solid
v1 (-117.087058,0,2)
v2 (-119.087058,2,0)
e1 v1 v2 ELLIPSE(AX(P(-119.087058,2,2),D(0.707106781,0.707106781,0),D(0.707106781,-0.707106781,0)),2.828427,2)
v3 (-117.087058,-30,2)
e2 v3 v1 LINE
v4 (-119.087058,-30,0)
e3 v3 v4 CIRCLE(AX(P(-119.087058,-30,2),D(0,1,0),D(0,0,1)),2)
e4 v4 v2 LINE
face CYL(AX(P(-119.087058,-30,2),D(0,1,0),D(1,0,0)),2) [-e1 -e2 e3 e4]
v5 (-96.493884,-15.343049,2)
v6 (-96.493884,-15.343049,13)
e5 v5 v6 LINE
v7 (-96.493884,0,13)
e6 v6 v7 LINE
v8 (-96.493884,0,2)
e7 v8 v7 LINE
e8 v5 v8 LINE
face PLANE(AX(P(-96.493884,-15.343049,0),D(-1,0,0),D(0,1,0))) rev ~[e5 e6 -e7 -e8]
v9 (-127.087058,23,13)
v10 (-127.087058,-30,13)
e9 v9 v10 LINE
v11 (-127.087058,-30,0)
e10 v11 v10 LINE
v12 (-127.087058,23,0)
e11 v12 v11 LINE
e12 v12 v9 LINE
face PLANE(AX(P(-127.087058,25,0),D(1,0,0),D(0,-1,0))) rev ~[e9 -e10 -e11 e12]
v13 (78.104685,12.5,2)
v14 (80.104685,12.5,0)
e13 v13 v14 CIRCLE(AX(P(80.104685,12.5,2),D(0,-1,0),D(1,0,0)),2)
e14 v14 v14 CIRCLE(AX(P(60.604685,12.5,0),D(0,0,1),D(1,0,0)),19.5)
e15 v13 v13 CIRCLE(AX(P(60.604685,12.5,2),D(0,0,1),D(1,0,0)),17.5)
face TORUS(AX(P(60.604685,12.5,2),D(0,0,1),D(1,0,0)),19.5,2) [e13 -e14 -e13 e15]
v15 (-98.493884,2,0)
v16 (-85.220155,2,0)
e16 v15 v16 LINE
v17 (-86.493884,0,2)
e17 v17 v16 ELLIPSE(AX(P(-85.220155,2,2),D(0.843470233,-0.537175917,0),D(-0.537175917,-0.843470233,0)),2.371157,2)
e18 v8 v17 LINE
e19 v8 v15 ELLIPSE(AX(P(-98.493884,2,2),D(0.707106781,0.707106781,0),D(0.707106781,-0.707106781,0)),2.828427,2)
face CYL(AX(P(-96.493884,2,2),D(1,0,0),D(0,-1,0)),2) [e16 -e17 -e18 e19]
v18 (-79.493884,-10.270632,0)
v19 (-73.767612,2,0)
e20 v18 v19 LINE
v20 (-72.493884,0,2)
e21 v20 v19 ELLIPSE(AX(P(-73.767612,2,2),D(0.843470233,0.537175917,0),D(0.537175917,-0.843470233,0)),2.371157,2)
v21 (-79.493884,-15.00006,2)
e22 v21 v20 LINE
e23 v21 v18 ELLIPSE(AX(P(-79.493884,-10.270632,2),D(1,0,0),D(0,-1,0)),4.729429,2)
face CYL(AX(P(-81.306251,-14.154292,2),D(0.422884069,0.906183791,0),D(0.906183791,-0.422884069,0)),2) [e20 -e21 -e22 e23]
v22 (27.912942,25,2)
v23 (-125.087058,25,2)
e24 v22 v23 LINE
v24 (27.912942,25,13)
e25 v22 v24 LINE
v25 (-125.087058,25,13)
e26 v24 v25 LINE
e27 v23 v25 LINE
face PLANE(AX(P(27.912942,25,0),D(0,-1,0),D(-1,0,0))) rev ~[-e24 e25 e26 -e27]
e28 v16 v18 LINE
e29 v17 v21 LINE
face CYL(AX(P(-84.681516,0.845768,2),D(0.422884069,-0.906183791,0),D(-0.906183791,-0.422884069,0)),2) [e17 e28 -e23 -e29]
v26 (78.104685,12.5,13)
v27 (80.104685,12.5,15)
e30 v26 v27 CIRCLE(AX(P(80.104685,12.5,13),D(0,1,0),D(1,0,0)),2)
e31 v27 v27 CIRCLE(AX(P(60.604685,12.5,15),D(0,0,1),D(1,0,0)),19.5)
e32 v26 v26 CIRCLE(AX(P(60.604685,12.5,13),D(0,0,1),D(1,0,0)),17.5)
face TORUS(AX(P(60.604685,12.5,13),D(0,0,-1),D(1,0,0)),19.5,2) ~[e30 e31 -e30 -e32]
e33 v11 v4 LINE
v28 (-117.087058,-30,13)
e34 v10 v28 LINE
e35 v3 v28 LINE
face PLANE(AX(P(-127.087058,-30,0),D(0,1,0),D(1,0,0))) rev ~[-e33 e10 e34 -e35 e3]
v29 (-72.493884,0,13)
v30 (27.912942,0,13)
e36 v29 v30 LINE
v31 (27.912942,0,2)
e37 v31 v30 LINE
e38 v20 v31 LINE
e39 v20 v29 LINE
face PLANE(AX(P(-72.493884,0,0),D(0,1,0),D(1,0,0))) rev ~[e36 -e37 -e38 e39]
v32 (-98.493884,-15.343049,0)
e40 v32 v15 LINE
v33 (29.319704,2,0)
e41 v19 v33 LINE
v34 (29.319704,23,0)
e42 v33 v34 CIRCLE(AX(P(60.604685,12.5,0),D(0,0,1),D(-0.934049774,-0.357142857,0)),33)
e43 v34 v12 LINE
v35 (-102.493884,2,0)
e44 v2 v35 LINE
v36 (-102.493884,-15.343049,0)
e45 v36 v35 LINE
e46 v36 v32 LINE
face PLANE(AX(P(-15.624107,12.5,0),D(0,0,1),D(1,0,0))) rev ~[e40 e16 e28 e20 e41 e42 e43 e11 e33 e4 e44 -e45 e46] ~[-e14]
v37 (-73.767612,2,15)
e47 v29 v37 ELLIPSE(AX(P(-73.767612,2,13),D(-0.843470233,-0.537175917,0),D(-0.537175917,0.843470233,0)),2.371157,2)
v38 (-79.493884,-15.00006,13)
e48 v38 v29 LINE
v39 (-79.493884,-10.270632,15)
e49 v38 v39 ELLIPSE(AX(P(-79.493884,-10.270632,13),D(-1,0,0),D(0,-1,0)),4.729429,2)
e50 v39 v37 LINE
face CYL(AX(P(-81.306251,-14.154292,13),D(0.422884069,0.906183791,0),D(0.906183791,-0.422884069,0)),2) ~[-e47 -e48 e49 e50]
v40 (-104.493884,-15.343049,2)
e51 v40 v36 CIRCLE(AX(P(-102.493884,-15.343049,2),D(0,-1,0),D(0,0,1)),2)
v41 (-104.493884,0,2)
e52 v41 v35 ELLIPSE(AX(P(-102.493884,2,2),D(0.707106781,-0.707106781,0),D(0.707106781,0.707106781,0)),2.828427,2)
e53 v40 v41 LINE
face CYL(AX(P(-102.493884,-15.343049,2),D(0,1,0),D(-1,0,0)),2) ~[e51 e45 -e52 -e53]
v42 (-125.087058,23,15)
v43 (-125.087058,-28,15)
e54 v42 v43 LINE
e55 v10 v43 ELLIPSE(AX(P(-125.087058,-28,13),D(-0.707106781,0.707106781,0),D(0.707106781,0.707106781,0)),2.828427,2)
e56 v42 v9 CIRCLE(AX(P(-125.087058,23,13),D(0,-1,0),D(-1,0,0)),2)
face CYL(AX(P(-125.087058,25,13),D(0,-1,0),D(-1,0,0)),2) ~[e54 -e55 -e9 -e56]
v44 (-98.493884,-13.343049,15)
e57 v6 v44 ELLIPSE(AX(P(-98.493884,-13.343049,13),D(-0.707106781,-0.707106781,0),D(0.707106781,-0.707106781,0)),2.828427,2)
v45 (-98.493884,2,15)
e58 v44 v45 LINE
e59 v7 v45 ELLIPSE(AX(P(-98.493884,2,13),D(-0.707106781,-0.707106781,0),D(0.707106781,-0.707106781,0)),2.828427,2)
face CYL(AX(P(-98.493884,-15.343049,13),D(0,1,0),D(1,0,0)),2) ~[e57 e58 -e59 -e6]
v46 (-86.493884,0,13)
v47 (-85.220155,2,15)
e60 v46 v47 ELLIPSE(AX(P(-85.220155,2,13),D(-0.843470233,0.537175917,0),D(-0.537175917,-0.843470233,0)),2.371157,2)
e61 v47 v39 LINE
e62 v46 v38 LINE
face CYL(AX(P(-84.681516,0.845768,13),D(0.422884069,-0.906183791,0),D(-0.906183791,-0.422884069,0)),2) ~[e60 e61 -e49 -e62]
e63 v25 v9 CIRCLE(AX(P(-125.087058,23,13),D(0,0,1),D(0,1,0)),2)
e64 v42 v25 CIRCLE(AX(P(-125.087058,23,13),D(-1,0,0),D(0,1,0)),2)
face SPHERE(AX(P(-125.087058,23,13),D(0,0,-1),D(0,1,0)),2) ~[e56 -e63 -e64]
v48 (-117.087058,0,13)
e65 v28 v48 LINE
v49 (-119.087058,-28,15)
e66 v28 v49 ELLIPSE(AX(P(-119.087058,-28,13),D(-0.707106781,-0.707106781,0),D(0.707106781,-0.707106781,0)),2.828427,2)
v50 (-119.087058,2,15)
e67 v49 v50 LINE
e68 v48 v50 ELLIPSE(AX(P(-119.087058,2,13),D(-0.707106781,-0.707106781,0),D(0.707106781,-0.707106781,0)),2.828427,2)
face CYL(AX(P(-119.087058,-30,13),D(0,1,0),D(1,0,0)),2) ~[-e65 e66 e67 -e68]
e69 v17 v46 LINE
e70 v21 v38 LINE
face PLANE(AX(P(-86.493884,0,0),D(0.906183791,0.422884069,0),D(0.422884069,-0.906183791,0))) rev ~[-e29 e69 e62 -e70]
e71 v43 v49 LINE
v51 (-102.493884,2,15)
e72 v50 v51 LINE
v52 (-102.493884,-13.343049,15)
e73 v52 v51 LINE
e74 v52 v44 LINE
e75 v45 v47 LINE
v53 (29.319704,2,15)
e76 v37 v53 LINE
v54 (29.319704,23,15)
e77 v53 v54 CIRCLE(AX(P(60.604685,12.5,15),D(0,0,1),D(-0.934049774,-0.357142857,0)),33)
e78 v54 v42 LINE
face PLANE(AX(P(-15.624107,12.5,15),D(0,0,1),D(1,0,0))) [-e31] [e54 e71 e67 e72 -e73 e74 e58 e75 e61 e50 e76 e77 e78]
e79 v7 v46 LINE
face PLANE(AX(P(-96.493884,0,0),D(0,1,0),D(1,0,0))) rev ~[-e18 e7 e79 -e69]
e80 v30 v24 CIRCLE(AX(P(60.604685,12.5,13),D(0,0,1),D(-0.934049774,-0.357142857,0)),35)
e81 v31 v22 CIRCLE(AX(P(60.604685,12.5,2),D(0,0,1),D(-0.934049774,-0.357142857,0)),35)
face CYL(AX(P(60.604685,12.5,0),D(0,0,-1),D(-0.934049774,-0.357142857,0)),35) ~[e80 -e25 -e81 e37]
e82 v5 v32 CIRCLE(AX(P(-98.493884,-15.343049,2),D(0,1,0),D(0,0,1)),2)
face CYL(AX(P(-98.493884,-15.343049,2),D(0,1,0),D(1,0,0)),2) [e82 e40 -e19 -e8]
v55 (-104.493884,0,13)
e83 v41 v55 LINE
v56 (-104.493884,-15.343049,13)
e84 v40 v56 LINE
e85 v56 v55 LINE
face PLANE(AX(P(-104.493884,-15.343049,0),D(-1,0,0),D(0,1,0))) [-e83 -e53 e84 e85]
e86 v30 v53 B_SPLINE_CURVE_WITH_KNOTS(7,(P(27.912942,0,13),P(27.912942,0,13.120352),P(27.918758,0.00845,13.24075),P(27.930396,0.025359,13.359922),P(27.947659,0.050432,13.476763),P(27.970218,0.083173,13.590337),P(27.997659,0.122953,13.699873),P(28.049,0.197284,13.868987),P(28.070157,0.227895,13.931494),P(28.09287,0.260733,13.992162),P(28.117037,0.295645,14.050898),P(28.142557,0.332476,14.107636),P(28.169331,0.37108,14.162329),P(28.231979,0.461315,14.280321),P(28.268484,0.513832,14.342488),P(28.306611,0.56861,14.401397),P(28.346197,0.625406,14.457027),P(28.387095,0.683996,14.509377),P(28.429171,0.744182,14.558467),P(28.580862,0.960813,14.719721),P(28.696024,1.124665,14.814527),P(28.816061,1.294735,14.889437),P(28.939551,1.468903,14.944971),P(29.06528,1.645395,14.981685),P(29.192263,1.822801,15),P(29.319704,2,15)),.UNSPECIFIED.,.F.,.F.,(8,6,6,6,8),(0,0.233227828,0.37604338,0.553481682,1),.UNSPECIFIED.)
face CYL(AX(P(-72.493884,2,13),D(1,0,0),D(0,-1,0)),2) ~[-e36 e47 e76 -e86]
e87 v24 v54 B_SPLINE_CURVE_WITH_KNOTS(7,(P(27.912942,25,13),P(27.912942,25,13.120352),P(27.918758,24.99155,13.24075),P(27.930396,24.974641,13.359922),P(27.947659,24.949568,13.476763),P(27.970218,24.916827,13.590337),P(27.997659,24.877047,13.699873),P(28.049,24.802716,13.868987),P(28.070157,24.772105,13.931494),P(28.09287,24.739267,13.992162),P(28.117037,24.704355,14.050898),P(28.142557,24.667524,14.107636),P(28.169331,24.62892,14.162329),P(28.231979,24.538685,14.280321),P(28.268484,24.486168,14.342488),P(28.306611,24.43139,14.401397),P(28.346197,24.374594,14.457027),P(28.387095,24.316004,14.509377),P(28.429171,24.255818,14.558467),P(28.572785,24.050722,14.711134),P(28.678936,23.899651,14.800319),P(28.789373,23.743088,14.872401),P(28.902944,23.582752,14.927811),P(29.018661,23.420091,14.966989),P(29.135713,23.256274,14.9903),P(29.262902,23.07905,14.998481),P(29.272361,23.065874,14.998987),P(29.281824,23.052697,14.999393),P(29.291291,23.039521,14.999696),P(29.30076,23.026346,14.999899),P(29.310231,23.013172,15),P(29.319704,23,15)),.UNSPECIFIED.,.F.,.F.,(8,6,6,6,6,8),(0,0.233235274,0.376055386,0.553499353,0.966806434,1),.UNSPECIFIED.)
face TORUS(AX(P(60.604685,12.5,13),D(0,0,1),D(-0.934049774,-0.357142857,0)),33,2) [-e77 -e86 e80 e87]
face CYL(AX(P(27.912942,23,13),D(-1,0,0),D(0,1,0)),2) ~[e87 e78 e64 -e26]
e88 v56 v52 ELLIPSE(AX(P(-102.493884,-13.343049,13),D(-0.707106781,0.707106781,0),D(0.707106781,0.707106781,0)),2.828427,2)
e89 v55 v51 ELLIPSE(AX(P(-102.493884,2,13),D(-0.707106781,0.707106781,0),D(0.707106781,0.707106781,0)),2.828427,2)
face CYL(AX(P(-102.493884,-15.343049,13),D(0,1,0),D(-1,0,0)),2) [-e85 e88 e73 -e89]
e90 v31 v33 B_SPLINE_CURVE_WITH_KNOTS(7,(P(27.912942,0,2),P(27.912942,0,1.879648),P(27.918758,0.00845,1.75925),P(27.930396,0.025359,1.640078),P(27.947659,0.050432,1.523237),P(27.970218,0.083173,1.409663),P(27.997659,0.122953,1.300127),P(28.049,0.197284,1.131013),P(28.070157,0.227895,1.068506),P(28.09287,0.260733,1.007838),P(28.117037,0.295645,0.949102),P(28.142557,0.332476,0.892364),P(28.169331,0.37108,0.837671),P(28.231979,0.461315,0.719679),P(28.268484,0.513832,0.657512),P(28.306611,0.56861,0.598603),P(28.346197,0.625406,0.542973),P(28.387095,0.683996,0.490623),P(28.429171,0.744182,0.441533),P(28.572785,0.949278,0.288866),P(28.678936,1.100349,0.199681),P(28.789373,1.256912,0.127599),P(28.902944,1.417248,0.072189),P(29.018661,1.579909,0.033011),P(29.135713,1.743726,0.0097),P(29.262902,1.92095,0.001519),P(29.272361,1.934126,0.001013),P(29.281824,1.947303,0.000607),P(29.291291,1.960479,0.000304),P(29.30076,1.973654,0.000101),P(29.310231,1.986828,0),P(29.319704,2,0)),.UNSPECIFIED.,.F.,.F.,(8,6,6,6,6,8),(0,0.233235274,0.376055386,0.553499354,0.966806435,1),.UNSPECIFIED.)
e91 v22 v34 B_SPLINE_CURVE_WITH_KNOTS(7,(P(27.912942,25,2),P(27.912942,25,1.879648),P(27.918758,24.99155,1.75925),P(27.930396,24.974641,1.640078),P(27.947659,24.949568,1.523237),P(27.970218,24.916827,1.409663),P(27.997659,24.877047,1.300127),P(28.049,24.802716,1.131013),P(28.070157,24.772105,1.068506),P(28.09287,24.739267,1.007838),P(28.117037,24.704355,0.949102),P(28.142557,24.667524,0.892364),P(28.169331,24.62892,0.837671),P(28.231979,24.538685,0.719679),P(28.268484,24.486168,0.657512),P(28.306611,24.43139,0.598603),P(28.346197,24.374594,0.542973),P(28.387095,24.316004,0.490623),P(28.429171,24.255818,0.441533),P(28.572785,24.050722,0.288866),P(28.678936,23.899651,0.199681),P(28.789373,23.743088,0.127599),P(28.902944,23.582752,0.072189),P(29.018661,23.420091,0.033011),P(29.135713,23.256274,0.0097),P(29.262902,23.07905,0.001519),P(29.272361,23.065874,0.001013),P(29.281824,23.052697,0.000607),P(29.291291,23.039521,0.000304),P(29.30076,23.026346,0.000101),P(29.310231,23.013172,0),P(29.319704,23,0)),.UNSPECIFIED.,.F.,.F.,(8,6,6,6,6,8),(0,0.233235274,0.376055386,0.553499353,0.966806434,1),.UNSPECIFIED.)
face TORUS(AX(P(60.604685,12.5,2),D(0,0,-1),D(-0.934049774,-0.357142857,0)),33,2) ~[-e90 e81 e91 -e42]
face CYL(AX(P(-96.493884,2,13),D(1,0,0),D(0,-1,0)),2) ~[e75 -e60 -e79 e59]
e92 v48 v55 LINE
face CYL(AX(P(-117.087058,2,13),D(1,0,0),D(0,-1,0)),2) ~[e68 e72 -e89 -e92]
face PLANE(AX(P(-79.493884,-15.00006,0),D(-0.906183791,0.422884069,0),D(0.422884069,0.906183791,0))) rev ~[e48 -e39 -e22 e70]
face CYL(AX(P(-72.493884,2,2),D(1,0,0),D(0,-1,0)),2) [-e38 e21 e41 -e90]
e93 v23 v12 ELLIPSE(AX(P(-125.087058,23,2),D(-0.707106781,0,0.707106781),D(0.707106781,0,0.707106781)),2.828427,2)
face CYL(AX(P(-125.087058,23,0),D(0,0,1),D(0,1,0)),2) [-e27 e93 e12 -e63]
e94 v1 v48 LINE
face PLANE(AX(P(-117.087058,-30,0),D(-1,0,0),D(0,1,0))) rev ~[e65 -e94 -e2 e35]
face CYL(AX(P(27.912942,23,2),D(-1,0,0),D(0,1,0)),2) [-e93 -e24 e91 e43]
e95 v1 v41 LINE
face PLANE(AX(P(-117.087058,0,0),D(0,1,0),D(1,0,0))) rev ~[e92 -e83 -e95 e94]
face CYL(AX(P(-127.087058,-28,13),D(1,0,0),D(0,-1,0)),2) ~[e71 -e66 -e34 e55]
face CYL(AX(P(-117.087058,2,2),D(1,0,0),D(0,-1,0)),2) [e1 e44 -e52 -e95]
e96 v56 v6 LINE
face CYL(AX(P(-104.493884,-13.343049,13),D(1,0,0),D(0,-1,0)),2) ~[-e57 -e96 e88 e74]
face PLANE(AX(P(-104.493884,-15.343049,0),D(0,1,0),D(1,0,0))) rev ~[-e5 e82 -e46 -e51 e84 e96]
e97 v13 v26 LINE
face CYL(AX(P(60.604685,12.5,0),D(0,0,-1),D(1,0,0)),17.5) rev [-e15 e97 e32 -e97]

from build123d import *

# Parameters (mm, degrees)
F0_R     = 17.5
F0_W     = 8
F0_H     = 15.3430486098
F0_W_2   = 10
F0_H_2   = 30
F1_DEPTH = 15
F2_R     = 2


with BuildPart() as f1:
    # F0 (on Top) → F1 (new body)
    with BuildSketch(Plane.XY):
        with BuildLine():
            ThreePointArc((27.9129424838, 0), (95.6046845604, 12.5), (27.9129424838, 25))
            Line((27.9129424838, 25), (-127.0870575162, 25))
            Line((-127.0870575162, 25), (-127.0870575162, 0))
            Line((-127.0870575162, 0), (-117.0870575162, 0))
            Line((-117.0870575162, 0), (-104.4938835184, 0))
            Line((-104.4938835184, 0), (-96.4938835184, 0))
            Line((-96.4938835184, 0), (-86.4938835184, 0))
            Line((-86.4938835184, 0), (-72.4938835184, 0))
            Line((-72.4938835184, 0), (27.9129424838, 0))
        make_face()
        with Locations((60.6046845604, 12.5)):
            Circle(F0_R, mode=Mode.SUBTRACT)
        Polygon((-79.4938835184, -15.0000602999), (-72.4938835184, 0), (-86.4938835184, 0), align=None)
        with Locations((-100.4938835184, -7.6715243049)):
            Rectangle(F0_W, F0_H)
        with Locations((-122.0870575162, -15)):
            Rectangle(F0_W_2, F0_H_2)
    extrude(amount=F1_DEPTH)

    # F2
    f2_edges = [f1.edges().sort_by_distance(p)[0] for p in [
        (-127.087058, 25, 7.5),
        (-122.087058, -30, 15),
        (-100.493884, -15.343049, 15),
        (-82.993884, -7.50003, 15),
        (-75.993884, -7.50003, 15),
        (95.604685, 12.5, 15),
        (95.604685, 12.5, 0),
        (43.104685, 12.5, 0),
        (43.104685, 12.5, 15),
        (-49.587058, 25, 15),
        (-49.587058, 25, 0),
        (-22.290471, 0, 15),
        (-110.790471, 0, 15),
        (-91.493884, 0, 15),
        (-117.087058, -15, 15),
        (-127.087058, -2.5, 15),
        (-96.493884, -7.671524, 15),
        (-104.493884, -7.671524, 15),
        (-22.290471, 0, 0),
        (-82.993884, -7.50003, 0),
        (-75.993884, -7.50003, 0),
        (-91.493884, 0, 0),
        (-96.493884, -7.671524, 0),
        (-104.493884, -7.671524, 0),
        (-110.790471, 0, 0),
        (-117.087058, -15, 0),
    ]]
    fillet(f2_edges, radius=F2_R)


solid = f1.part
